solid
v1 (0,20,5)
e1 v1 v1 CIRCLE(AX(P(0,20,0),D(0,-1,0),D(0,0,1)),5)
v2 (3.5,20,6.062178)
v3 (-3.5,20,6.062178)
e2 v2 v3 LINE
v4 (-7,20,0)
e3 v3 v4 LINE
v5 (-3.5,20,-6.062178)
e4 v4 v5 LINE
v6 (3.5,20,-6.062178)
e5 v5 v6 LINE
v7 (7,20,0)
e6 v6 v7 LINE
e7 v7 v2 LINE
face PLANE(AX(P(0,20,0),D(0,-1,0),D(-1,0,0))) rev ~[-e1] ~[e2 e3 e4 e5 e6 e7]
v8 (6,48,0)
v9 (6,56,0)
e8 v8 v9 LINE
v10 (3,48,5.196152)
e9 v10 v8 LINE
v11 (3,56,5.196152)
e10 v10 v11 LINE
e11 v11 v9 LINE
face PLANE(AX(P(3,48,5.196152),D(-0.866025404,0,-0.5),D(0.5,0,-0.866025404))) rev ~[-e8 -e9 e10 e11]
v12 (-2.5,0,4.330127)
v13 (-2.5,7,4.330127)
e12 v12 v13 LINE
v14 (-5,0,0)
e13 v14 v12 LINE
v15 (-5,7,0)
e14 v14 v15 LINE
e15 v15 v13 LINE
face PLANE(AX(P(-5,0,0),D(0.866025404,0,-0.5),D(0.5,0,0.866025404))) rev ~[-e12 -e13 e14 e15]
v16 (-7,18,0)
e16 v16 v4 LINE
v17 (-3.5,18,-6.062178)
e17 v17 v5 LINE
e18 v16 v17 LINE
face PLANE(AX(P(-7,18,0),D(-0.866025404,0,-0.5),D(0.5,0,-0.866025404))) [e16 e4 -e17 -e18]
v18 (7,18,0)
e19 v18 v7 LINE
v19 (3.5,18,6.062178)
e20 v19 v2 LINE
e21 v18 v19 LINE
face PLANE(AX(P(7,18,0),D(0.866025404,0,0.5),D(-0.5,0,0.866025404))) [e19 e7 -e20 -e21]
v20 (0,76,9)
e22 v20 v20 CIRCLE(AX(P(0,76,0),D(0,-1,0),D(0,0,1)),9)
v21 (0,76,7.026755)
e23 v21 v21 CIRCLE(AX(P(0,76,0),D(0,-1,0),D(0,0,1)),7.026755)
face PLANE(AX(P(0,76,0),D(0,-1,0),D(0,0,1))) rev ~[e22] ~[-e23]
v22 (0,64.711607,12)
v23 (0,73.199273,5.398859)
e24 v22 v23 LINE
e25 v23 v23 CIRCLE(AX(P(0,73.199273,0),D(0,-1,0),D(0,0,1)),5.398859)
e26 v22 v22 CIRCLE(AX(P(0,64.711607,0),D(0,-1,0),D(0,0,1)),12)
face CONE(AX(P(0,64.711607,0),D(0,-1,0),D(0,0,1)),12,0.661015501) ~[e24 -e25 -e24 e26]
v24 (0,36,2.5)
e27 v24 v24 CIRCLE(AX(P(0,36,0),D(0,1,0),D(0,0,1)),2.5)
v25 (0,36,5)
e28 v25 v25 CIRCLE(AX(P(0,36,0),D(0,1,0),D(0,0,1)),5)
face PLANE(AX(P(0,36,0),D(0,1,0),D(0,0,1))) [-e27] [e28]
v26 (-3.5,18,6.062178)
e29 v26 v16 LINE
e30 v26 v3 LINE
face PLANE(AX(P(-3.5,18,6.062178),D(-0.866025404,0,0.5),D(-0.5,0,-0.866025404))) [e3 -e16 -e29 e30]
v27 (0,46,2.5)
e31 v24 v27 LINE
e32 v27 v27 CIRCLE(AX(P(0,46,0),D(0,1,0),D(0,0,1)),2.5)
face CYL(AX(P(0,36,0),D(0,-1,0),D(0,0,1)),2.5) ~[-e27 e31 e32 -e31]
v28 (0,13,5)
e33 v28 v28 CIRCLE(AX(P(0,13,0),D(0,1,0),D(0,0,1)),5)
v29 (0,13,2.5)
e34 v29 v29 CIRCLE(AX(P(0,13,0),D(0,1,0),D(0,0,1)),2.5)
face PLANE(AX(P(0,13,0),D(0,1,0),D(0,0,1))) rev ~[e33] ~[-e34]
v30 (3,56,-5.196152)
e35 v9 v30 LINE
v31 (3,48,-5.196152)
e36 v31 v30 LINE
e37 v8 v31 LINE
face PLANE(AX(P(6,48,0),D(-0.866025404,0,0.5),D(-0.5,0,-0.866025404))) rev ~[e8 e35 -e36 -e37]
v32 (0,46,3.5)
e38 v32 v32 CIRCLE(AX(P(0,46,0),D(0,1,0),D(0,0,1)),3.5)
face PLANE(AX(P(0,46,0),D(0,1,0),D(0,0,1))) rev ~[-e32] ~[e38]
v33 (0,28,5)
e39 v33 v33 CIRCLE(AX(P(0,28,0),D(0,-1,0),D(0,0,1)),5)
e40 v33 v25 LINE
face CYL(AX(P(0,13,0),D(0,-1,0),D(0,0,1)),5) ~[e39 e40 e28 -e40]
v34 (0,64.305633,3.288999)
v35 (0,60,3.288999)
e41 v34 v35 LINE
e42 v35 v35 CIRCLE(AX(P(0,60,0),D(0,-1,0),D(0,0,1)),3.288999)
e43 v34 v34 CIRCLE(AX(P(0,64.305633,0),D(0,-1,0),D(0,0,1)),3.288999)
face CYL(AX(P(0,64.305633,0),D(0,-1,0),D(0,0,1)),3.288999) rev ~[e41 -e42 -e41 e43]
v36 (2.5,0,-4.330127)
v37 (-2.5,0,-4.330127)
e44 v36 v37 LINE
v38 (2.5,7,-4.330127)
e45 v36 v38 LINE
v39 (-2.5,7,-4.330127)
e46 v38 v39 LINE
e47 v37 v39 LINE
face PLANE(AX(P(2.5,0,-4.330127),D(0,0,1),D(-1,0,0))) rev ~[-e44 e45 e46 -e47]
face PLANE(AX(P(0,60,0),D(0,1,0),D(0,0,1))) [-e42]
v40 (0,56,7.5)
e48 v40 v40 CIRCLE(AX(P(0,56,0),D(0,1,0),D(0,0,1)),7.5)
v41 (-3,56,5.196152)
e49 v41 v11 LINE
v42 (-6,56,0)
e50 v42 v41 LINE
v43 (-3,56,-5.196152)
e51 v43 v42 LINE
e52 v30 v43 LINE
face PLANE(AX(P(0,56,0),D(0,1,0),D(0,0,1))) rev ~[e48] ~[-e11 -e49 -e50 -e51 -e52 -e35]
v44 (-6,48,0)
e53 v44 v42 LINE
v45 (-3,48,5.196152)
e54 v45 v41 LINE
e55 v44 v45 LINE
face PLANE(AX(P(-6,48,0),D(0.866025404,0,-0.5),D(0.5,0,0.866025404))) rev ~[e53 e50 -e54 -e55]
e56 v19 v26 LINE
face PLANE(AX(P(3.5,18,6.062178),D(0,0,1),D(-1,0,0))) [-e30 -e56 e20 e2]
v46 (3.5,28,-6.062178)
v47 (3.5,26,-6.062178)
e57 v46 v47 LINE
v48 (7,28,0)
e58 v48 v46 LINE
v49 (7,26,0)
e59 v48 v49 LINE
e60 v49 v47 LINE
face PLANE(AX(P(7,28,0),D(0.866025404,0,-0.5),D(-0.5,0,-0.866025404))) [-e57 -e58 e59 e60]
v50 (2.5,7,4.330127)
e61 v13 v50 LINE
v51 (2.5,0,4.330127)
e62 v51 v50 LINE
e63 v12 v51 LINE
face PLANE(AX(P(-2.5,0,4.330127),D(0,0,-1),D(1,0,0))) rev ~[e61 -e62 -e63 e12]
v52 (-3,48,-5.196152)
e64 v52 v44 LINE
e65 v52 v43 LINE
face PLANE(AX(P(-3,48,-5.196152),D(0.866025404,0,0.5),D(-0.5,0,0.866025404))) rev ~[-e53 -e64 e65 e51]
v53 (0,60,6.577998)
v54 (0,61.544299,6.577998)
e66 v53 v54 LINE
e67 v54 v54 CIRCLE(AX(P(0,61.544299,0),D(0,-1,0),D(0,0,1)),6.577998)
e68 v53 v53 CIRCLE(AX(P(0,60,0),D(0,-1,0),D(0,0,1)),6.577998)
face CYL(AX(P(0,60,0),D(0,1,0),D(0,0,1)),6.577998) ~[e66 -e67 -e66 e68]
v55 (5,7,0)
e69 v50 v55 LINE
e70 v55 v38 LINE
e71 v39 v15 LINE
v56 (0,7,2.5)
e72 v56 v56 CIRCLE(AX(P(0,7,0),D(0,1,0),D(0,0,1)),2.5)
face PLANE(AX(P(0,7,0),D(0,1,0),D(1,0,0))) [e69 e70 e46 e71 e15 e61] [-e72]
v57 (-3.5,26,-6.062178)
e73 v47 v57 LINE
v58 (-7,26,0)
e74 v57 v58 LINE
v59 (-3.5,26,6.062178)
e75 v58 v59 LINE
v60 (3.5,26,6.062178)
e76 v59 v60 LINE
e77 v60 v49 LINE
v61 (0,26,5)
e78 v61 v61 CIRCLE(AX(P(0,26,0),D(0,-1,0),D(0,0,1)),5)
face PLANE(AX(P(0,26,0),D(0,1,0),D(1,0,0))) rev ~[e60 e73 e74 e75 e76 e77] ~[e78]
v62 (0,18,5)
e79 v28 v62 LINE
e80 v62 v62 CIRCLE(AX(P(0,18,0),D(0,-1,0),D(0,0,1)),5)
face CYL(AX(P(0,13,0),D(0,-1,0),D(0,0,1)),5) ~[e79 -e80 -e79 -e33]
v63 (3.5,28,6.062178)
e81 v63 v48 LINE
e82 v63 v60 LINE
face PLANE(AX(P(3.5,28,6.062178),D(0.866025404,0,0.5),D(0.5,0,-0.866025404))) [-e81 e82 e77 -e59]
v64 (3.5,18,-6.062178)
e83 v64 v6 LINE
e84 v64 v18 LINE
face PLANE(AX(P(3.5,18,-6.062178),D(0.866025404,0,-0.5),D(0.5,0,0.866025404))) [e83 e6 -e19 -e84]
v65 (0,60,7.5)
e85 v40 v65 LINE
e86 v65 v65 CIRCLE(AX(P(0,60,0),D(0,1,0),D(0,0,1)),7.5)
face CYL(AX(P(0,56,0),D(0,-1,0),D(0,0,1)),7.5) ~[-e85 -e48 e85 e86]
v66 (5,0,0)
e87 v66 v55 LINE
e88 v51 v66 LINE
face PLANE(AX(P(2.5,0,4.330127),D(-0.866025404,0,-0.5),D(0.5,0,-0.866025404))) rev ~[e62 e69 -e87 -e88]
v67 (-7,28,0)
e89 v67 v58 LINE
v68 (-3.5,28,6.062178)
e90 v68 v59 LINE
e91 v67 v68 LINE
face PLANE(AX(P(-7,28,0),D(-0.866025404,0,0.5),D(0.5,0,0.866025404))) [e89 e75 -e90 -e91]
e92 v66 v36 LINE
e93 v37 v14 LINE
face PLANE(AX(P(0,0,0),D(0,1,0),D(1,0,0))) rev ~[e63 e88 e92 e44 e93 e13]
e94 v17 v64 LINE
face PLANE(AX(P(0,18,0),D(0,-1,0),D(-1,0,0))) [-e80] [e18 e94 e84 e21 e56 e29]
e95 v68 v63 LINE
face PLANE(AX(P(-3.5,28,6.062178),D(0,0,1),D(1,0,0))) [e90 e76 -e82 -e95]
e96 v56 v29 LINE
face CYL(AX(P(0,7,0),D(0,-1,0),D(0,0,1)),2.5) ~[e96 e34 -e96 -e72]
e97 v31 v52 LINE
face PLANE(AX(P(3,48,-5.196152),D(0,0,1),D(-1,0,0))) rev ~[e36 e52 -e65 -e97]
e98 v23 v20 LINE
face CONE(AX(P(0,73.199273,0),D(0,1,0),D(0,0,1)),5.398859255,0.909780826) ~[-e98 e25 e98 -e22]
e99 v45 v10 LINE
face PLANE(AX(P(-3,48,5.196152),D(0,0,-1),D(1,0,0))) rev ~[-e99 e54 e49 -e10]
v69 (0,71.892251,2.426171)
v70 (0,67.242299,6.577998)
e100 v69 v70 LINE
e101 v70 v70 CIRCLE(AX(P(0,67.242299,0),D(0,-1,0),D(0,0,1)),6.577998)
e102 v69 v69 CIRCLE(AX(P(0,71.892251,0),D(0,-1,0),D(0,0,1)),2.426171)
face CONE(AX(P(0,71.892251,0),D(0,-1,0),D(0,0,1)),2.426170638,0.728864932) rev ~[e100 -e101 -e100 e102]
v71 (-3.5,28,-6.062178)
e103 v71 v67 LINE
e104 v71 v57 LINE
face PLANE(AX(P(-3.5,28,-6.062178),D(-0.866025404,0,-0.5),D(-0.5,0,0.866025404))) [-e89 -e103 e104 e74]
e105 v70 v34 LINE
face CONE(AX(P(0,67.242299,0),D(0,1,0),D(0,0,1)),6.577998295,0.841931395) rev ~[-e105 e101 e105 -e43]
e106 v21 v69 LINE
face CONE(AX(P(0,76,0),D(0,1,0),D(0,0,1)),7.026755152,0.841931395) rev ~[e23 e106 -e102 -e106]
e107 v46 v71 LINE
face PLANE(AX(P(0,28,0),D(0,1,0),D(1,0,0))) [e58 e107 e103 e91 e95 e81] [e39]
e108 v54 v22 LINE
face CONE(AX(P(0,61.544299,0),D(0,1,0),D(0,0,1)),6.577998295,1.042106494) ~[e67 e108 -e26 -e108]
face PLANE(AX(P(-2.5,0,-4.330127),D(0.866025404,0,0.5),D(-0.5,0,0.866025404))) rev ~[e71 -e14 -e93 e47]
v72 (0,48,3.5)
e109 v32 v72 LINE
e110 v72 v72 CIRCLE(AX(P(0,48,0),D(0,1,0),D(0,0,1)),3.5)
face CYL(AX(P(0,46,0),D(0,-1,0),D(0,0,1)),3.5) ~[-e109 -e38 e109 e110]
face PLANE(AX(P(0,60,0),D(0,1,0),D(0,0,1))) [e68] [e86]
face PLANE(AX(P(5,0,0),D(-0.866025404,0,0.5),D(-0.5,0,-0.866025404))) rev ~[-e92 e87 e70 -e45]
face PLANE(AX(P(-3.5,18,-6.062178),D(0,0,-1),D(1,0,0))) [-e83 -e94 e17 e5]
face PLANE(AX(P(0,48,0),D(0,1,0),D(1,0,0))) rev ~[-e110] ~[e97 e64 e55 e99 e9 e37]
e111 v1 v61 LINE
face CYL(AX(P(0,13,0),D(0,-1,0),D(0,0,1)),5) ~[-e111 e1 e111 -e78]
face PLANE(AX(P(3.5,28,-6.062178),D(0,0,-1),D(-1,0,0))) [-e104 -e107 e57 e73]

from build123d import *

# Parameters (mm, degrees)
EXTRUDE_1_DEPTH = 7
SKETCH_2_R      = 2.5
EXTRUDE_2_DEPTH = 6
SKETCH_3_R      = 5
EXTRUDE_3_DEPTH = 23
EXTRUDE_4_DEPTH = 2
EXTRUDE_5_DEPTH = 2
SKETCH_6_R      = 2.5
EXTRUDE_6_DEPTH = 10
SKETCH_7_R      = 3.5
EXTRUDE_7_DEPTH = 2
EXTRUDE_8_DEPTH = 8
SKETCH_9_R      = 7.5
EXTRUDE_9_DEPTH = 4


with BuildPart() as part:
    # 草图1 → 凸台-拉伸1 (new body)
    with BuildSketch(Plane(origin=(0, 0, 0), x_dir=(1, 0, 0), z_dir=(0, 1, 0))):
        Polygon((-2.5, -4.330127019), (2.5, -4.330127019), (5, 0), (2.5, 4.330127019), (-2.5, 4.330127019), (-5, 0), align=None)
    extrude(amount=EXTRUDE_1_DEPTH)

    # 草图2 → 凸台-拉伸2 (add)
    with BuildSketch(Plane(origin=(0, 7, 0), x_dir=(1, 0, 0), z_dir=(0, 1, 0))):
        with Locations(Location((0, 0, 0), (0, 0, 270))):
            Circle(SKETCH_2_R)
    extrude(amount=EXTRUDE_2_DEPTH)

    # 草图3 → 凸台-拉伸3 (add)
    with BuildSketch(Plane(origin=(0, 13, 0), x_dir=(1, 0, 0), z_dir=(0, 1, 0))):
        with Locations(Location((0, 0, 0), (0, 0, 270))):
            Circle(SKETCH_3_R)
    extrude(amount=EXTRUDE_3_DEPTH)

    # 草图4 → 凸台-拉伸4 (add)
    with BuildSketch(Plane(origin=(0, 18, 0), x_dir=(-1, 0, 0), z_dir=(0, -1, 0))):
        Polygon((3.5, -6.062177826), (7, 0), (3.5, 6.062177826), (-3.5, 6.062177826), (-7, 0), (-3.5, -6.062177826), align=None)
    extrude(amount=-EXTRUDE_4_DEPTH)

    # 草图5 → 凸台-拉伸5 (add)
    with BuildSketch(Plane(origin=(0, 28, 0), x_dir=(1, 0, 0), z_dir=(0, 1, 0))):
        Polygon((-3.5, -6.062177826), (3.5, -6.062177826), (7, 0), (3.5, 6.062177826), (-3.5, 6.062177826), (-7, 0), align=None)
    extrude(amount=-EXTRUDE_5_DEPTH)

    # 草图6 → 凸台-拉伸6 (add)
    with BuildSketch(Plane(origin=(0, 36, 0), x_dir=(1, 0, 0), z_dir=(0, 1, 0))):
        with Locations(Location((0, 0, 0), (0, 0, 270))):
            Circle(SKETCH_6_R)
    extrude(amount=EXTRUDE_6_DEPTH)

    # 草图7 → 凸台-拉伸7 (add)
    with BuildSketch(Plane(origin=(0, 46, 0), x_dir=(1, 0, 0), z_dir=(0, 1, 0))):
        with Locations(Location((0, 0, 0), (0, 0, 270))):
            Circle(SKETCH_7_R)
    extrude(amount=EXTRUDE_7_DEPTH)

    # 草图8 → 凸台-拉伸8 (add)
    with BuildSketch(Plane(origin=(0, 48, 0), x_dir=(1, 0, 0), z_dir=(0, 1, 0))):
        Polygon((-3, 5.196152423), (-6, 0), (-3, -5.196152423), (3, -5.196152423), (6, 0), (3, 5.196152423), align=None)
    extrude(amount=EXTRUDE_8_DEPTH)

    # 草图9 → 凸台-拉伸9 (add)
    with BuildSketch(Plane(origin=(0, 56, 0), x_dir=(1, 0, 0), z_dir=(0, 1, 0))):
        with Locations(Location((0, 0, 0), (0, 0, 270))):
            Circle(SKETCH_9_R)
    extrude(amount=EXTRUDE_9_DEPTH)

    # 草图10 → 旋转2 (revolve)
    with BuildSketch(Plane(origin=(0, 0, 0), x_dir=(0, 0, -1), z_dir=(1, 0, 0)), mode=Mode.PRIVATE) as revolve_2_sk:
        Polygon((3.288999148, 64.305632713), (3.288999148, 60), (6.577998295, 60), (6.577998295, 61.5442992), (12, 64.711607127), (5.398859255, 73.199272663), (9, 76), (7.026755152, 76), (2.426170638, 71.892250876), (6.577998295, 67.242299418), align=None)
    revolve(revolve_2_sk.sketch.rotate(Axis((0, 76, 0), (0, -1, 0)), 180), axis=Axis((0, 76, 0), (0, -1, 0)))


solid = part.part
